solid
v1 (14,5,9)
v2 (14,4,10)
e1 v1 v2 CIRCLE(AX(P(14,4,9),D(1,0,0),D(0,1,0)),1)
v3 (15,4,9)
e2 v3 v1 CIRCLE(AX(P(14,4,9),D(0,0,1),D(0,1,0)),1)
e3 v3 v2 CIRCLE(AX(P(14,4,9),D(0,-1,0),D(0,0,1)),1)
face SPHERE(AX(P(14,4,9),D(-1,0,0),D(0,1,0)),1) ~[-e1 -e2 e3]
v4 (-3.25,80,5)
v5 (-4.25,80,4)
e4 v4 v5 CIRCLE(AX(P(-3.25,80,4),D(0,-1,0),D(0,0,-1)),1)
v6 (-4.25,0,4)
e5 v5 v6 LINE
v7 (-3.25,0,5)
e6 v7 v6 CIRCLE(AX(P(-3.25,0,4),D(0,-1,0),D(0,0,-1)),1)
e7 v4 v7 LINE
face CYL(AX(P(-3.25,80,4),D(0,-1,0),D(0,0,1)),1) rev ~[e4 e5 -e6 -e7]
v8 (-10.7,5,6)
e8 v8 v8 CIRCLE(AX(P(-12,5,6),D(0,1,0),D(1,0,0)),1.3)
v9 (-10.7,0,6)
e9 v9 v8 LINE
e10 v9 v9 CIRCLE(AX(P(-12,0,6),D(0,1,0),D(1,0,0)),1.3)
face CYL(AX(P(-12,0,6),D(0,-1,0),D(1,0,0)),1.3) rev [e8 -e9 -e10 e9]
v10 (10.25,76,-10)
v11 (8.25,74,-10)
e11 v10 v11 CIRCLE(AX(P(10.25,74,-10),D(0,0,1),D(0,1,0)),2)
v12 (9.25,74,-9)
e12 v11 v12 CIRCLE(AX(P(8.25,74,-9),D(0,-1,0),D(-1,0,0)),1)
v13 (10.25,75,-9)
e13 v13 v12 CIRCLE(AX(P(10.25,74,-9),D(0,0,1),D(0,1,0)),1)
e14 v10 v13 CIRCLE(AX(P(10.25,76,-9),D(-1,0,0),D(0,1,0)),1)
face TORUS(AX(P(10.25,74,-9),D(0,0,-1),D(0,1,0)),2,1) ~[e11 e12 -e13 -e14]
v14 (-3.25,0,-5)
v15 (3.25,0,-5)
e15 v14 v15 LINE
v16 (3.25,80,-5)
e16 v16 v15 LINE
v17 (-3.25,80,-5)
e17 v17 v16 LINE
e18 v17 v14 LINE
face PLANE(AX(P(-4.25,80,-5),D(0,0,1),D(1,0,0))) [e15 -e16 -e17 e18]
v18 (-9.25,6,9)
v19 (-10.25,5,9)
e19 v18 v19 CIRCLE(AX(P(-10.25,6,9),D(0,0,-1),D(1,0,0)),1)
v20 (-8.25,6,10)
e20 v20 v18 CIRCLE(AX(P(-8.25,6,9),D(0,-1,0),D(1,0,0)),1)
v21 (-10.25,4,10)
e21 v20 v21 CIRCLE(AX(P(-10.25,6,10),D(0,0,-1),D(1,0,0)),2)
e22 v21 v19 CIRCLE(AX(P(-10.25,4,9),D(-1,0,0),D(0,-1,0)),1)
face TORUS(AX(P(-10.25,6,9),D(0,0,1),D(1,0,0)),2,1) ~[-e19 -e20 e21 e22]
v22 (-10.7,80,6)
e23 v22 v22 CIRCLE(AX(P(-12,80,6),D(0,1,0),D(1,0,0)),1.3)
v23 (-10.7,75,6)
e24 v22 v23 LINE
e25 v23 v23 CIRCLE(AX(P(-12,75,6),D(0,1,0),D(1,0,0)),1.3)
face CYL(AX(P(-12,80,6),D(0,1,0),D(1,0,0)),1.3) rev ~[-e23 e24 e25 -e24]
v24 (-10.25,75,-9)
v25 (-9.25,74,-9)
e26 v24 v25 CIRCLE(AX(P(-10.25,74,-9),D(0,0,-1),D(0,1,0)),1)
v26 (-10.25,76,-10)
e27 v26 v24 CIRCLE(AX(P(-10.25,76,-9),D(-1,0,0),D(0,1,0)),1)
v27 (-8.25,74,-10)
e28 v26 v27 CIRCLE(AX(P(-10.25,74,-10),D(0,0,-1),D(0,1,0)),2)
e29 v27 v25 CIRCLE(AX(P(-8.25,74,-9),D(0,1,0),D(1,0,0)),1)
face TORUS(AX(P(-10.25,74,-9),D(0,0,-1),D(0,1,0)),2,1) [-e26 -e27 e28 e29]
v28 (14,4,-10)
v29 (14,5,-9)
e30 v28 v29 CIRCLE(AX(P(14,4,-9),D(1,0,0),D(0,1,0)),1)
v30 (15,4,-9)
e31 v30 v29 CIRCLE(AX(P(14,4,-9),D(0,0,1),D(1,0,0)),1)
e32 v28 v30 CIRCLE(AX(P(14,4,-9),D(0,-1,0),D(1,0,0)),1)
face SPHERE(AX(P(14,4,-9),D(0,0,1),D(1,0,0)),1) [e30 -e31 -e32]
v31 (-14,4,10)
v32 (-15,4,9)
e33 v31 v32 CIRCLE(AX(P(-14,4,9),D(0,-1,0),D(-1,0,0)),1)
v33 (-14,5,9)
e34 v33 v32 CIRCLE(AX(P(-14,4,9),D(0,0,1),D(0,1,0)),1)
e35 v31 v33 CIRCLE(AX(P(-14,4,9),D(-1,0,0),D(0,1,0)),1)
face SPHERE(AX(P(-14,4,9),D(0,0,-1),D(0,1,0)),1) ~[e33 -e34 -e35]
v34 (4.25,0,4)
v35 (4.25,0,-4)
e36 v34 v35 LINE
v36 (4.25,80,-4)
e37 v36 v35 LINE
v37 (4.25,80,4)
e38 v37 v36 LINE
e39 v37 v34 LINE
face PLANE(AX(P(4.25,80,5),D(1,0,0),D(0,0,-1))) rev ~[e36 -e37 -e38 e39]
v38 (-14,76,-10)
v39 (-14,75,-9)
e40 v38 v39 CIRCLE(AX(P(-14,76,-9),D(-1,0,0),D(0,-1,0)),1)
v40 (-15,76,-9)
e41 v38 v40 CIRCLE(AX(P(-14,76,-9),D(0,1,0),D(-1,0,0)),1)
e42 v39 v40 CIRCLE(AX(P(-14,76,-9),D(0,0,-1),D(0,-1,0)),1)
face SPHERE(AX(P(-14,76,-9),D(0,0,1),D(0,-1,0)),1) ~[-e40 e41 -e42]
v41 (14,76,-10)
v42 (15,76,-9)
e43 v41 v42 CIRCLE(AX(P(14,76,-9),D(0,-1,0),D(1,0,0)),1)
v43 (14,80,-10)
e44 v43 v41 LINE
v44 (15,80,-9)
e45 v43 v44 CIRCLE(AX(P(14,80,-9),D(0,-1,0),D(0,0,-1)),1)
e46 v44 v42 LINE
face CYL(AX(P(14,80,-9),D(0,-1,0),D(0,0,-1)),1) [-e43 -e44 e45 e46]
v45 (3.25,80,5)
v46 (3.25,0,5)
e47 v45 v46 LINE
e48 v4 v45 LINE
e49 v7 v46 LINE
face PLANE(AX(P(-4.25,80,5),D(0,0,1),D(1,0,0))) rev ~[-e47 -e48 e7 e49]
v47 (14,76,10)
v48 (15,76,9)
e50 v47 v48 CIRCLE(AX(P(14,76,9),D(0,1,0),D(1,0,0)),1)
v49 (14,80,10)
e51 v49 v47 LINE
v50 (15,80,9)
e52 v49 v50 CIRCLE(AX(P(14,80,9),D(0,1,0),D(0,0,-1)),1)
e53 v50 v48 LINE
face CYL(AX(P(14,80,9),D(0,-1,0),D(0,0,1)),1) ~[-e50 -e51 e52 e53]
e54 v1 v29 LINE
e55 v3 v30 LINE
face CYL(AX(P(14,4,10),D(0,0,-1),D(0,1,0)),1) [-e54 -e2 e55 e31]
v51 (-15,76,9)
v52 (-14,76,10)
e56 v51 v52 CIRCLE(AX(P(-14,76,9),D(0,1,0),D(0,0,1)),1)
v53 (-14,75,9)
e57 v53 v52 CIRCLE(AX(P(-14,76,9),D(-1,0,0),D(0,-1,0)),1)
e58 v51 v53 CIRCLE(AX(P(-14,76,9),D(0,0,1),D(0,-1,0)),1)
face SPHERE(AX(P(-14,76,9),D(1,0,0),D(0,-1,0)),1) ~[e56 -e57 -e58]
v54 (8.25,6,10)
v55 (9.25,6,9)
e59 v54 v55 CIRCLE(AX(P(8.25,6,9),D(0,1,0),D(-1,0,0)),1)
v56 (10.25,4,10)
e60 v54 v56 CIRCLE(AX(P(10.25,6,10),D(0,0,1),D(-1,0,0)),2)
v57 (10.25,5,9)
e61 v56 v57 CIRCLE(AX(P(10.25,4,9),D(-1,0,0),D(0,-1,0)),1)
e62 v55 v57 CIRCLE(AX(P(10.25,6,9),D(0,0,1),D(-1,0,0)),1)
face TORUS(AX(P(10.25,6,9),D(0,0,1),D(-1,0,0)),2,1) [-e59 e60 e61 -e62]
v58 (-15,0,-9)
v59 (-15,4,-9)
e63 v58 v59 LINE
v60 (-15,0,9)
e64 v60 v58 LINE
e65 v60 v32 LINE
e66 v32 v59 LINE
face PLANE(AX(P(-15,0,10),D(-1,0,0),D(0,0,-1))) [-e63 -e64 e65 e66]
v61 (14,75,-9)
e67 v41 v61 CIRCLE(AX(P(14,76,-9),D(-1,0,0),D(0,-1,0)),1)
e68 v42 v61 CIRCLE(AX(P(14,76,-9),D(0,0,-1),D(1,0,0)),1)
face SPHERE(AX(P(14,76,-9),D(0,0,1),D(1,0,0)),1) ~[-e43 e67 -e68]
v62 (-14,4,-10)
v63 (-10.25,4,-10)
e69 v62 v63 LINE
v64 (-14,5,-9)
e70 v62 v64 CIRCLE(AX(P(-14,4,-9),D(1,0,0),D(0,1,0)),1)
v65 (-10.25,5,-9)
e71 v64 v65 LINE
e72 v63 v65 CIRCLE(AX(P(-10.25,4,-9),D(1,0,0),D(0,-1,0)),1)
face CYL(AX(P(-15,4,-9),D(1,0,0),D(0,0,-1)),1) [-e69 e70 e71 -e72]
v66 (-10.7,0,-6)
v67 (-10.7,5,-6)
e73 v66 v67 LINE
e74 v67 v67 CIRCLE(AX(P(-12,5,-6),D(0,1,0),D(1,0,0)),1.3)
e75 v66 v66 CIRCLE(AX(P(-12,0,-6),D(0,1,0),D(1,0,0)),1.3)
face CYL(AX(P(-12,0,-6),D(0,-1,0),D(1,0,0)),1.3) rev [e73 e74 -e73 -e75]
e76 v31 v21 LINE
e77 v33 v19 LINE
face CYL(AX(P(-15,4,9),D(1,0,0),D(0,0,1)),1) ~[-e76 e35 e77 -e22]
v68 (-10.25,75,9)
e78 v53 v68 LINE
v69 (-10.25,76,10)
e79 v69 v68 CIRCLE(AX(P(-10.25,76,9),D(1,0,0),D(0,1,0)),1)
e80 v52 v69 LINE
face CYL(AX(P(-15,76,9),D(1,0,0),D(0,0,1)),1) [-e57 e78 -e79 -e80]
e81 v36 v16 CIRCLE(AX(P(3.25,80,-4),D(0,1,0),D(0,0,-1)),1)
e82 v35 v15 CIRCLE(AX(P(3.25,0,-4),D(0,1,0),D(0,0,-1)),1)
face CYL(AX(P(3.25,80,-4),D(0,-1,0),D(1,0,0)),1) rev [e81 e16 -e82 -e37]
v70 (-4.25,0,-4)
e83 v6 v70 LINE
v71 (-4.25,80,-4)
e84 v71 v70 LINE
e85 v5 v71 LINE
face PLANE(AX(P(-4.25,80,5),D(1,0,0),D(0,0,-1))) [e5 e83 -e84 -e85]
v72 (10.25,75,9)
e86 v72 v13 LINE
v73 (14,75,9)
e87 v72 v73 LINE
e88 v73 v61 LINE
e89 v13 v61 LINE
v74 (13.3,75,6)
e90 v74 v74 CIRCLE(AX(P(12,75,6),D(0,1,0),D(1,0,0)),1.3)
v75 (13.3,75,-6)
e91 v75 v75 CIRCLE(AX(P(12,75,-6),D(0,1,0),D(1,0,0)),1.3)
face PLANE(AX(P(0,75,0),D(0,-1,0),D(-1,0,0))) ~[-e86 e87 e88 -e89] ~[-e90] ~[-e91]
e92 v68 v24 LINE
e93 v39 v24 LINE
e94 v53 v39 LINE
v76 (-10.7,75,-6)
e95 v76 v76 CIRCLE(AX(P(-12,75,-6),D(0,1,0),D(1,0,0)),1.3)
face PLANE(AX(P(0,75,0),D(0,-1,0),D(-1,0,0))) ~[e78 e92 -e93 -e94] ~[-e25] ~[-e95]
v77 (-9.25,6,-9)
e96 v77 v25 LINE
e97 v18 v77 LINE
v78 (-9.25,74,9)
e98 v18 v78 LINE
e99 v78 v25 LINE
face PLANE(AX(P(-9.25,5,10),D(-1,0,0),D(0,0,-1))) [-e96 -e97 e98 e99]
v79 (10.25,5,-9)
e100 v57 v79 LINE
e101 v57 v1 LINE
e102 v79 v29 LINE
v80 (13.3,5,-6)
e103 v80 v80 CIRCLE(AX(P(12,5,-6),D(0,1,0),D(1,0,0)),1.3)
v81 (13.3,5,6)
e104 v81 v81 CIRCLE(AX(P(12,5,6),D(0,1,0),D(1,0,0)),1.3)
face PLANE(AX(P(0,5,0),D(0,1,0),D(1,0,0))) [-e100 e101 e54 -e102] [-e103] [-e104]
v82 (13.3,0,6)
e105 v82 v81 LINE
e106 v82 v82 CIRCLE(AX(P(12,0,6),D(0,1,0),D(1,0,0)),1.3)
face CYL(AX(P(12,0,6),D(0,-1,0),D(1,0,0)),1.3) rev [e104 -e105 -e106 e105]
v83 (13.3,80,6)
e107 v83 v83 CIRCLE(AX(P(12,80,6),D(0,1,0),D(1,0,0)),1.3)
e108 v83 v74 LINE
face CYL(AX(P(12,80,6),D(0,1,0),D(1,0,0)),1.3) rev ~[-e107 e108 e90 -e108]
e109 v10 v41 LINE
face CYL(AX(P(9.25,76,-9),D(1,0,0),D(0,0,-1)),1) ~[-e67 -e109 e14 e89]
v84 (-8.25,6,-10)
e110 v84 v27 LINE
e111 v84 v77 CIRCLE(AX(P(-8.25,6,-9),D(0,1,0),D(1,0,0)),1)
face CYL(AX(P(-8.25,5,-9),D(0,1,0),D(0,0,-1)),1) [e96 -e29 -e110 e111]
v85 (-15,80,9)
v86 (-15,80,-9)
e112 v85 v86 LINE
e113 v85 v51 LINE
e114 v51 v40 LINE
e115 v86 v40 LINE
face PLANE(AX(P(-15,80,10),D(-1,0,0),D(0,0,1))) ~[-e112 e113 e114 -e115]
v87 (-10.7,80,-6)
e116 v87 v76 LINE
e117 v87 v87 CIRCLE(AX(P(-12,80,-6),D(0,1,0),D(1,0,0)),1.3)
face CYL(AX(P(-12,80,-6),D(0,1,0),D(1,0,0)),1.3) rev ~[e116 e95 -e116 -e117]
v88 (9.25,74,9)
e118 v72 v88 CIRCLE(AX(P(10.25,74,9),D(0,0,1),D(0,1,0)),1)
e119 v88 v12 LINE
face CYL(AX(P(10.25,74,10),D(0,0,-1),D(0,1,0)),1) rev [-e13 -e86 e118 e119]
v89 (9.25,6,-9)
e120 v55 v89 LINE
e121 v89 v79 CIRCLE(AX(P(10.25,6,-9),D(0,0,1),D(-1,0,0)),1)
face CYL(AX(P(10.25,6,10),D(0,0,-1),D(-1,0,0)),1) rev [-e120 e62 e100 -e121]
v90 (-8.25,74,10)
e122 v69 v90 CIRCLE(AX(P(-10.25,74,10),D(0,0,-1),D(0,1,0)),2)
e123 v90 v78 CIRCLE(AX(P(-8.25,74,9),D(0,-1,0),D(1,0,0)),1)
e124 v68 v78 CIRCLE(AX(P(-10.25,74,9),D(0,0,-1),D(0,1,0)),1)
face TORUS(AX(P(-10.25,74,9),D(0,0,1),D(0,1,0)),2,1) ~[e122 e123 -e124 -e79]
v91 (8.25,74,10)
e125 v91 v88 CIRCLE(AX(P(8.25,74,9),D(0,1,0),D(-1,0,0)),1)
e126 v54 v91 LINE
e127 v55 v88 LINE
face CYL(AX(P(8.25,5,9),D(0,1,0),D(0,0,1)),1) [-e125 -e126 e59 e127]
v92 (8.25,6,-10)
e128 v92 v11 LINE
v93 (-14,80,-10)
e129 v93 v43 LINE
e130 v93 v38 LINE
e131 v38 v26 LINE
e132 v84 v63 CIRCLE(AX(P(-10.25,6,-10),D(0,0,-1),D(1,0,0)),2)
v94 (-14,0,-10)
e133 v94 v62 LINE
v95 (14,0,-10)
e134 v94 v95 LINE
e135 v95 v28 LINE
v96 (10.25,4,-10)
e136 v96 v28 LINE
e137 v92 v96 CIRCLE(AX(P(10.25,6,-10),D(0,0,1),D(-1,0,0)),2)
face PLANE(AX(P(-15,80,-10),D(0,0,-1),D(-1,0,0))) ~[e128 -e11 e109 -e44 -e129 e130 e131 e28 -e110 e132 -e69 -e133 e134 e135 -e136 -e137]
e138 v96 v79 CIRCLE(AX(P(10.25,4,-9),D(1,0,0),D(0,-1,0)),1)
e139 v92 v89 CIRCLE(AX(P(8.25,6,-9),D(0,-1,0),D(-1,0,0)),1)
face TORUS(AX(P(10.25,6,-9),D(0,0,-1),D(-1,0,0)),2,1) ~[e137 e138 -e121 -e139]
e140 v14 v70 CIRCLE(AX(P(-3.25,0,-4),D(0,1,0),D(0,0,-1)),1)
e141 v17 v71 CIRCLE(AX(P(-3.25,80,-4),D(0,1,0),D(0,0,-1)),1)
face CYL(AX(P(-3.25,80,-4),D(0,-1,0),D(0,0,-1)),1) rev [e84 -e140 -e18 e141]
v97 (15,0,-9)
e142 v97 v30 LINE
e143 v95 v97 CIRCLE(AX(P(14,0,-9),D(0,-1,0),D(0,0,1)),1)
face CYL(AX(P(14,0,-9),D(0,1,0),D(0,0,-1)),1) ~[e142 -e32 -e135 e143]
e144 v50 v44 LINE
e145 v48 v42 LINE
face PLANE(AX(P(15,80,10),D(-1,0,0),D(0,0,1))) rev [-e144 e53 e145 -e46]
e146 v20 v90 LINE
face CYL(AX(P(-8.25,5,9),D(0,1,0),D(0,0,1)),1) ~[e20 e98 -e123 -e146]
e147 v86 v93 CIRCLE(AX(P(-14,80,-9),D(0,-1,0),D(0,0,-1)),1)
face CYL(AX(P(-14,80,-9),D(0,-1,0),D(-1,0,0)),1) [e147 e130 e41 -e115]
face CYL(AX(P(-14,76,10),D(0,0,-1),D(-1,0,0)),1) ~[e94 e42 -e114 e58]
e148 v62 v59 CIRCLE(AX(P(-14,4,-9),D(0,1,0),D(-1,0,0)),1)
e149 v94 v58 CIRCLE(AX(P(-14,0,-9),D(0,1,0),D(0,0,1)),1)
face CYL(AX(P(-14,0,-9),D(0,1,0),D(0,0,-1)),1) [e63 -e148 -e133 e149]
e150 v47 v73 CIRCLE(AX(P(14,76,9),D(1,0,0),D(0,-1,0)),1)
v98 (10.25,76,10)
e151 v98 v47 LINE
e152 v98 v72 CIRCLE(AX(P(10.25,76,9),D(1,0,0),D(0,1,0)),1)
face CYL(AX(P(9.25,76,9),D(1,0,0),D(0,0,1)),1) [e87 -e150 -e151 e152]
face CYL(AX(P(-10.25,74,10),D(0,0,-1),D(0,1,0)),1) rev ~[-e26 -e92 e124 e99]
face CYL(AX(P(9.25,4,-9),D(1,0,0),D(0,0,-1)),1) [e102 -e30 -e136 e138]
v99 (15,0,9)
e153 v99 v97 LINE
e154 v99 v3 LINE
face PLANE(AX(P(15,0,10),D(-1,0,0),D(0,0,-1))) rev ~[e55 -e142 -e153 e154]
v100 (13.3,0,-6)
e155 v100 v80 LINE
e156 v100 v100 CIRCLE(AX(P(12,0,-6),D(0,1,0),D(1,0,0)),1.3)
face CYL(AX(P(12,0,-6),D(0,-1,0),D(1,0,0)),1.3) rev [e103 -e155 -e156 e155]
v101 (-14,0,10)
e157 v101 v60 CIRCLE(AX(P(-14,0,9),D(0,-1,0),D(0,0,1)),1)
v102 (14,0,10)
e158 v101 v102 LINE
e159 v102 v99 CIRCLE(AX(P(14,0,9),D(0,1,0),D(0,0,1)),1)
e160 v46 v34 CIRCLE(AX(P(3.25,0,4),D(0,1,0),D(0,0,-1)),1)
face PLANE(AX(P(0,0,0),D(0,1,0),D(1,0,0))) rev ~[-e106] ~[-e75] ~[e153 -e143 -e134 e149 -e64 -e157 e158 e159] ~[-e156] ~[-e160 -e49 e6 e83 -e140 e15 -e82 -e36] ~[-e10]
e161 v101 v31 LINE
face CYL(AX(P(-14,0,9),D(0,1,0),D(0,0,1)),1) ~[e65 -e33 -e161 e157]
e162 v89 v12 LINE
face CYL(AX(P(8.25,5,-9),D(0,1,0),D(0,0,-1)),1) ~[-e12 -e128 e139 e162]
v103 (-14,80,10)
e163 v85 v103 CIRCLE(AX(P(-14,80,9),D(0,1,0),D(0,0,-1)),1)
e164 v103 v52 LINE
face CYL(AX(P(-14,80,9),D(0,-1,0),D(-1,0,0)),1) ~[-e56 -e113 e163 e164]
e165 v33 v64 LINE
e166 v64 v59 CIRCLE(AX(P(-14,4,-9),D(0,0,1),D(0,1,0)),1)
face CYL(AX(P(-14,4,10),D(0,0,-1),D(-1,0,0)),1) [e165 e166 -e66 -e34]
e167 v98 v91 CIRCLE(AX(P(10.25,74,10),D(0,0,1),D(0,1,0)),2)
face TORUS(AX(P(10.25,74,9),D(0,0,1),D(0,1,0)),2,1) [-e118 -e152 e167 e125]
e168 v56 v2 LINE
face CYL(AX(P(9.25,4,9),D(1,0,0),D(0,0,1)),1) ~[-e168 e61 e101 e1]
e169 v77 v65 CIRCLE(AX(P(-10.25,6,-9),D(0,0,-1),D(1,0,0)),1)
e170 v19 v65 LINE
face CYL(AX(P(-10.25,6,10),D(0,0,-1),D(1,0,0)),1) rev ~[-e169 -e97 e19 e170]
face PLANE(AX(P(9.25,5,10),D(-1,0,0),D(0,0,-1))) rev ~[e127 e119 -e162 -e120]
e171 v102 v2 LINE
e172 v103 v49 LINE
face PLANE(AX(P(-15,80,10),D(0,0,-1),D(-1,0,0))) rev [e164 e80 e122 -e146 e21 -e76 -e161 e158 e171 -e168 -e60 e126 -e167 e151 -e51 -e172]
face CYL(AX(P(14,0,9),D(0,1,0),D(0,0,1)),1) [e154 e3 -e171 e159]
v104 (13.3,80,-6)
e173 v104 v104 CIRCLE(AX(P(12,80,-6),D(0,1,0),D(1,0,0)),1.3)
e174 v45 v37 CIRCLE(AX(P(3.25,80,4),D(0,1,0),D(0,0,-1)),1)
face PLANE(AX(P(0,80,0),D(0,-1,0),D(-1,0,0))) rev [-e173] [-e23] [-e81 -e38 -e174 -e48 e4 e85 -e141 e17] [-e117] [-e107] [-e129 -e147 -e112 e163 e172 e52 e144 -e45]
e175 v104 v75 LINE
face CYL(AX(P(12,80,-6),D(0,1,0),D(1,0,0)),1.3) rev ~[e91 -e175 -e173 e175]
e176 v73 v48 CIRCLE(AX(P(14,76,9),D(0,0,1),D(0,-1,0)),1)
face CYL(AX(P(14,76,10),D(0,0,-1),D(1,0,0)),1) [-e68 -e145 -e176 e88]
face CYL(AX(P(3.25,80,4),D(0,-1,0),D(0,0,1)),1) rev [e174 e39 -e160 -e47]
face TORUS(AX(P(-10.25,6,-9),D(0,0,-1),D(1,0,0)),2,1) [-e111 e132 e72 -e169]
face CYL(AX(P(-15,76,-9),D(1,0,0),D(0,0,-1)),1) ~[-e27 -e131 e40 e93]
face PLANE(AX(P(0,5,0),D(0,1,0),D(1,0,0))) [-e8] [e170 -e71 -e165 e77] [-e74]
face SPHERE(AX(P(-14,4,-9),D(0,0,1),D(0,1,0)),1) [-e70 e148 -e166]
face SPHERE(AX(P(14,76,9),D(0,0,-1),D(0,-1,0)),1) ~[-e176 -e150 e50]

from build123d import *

# Parameters (mm, degrees)
SKETCH1_W           = 30
SKETCH1_H           = 20
SKETCH1_R           = 1.3
BOSS_EXTRUDE1_DEPTH = 5
SKETCH2_W           = 18.5
SKETCH2_H           = 20
BOSS_EXTRUDE2_DEPTH = 70
FILLET1_R           = 1
SKETCH12_W          = 8.5
SKETCH12_H          = 10
CUT_EXTRUDE1_DEPTH  = 81
FILLET2_R           = 1


with BuildPart() as part:
    # Sketch1 → Boss-Extrude1 (new body)
    with BuildSketch(Plane(origin=(0, 0, 0), x_dir=(1, 0, 0), z_dir=(0, 1, 0))):
        Rectangle(SKETCH1_W, SKETCH1_H)
        with Locations((-12, 6)):
            Circle(SKETCH1_R, mode=Mode.SUBTRACT)
        with Locations((12, 6)):
            Circle(SKETCH1_R, mode=Mode.SUBTRACT)
        with Locations((12, -6)):
            Circle(SKETCH1_R, mode=Mode.SUBTRACT)
        with Locations((-12, -6)):
            Circle(SKETCH1_R, mode=Mode.SUBTRACT)
    boss_extrude1 = extrude(amount=BOSS_EXTRUDE1_DEPTH)

    # Sketch2 → Boss-Extrude2 (add)
    with BuildSketch(Plane(origin=(0, 5, 0), x_dir=(1, 0, 0), z_dir=(0, 1, 0))):
        Rectangle(SKETCH2_W, SKETCH2_H)
    extrude(amount=BOSS_EXTRUDE2_DEPTH)

    # Mirror1: Boss-Extrude1 across plane
    add(boss_extrude1.mirror(Plane.ZX.offset(40)))

    # Fillet1
    fillet1_edges = [part.edges().sort_by_distance(p)[0] for p in [
        (-15, 5, 0),
        (-12.125, 5, 10),
        (-12.125, 5, -10),
        (12.125, 5, 10),
        (9.25, 5, 0),
        (9.25, 40, 10),
        (9.25, 40, -10),
        (-9.25, 5, 0),
        (-9.25, 40, -10),
        (-9.25, 40, 10),
        (9.25, 75, 0),
        (-9.25, 75, 0),
        (15, 75, 0),
        (15, 77.5, -10),
        (-12.125, 75, 10),
        (12.125, 75, 10),
        (15, 77.5, 10),
        (-15, 75, 0),
        (-15, 77.5, 10),
        (12.125, 75, -10),
        (-12.125, 75, -10),
        (-15, 77.5, -10),
        (15, 5, 0),
        (15, 2.5, 10),
        (-15, 2.5, 10),
        (-15, 2.5, -10),
        (15, 2.5, -10),
        (12.125, 5, -10),
    ]]
    fillet(fillet1_edges, radius=FILLET1_R)

    # Sketch12 → Cut-Extrude1 (cut, through all)
    with BuildSketch(Plane(origin=(0, 80, 0), x_dir=(1, 0, 0), z_dir=(0, 1, 0))):
        Rectangle(SKETCH12_W, SKETCH12_H)
    extrude(amount=-CUT_EXTRUDE1_DEPTH, mode=Mode.SUBTRACT)

    # Fillet2
    fillet2_edges = [part.edges().sort_by_distance(p)[0] for p in [
        (4.25, 40, 5),
        (-4.25, 40, 5),
        (-4.25, 40, -5),
        (4.25, 40, -5),
    ]]
    fillet(fillet2_edges, radius=FILLET2_R)


solid = part.part
